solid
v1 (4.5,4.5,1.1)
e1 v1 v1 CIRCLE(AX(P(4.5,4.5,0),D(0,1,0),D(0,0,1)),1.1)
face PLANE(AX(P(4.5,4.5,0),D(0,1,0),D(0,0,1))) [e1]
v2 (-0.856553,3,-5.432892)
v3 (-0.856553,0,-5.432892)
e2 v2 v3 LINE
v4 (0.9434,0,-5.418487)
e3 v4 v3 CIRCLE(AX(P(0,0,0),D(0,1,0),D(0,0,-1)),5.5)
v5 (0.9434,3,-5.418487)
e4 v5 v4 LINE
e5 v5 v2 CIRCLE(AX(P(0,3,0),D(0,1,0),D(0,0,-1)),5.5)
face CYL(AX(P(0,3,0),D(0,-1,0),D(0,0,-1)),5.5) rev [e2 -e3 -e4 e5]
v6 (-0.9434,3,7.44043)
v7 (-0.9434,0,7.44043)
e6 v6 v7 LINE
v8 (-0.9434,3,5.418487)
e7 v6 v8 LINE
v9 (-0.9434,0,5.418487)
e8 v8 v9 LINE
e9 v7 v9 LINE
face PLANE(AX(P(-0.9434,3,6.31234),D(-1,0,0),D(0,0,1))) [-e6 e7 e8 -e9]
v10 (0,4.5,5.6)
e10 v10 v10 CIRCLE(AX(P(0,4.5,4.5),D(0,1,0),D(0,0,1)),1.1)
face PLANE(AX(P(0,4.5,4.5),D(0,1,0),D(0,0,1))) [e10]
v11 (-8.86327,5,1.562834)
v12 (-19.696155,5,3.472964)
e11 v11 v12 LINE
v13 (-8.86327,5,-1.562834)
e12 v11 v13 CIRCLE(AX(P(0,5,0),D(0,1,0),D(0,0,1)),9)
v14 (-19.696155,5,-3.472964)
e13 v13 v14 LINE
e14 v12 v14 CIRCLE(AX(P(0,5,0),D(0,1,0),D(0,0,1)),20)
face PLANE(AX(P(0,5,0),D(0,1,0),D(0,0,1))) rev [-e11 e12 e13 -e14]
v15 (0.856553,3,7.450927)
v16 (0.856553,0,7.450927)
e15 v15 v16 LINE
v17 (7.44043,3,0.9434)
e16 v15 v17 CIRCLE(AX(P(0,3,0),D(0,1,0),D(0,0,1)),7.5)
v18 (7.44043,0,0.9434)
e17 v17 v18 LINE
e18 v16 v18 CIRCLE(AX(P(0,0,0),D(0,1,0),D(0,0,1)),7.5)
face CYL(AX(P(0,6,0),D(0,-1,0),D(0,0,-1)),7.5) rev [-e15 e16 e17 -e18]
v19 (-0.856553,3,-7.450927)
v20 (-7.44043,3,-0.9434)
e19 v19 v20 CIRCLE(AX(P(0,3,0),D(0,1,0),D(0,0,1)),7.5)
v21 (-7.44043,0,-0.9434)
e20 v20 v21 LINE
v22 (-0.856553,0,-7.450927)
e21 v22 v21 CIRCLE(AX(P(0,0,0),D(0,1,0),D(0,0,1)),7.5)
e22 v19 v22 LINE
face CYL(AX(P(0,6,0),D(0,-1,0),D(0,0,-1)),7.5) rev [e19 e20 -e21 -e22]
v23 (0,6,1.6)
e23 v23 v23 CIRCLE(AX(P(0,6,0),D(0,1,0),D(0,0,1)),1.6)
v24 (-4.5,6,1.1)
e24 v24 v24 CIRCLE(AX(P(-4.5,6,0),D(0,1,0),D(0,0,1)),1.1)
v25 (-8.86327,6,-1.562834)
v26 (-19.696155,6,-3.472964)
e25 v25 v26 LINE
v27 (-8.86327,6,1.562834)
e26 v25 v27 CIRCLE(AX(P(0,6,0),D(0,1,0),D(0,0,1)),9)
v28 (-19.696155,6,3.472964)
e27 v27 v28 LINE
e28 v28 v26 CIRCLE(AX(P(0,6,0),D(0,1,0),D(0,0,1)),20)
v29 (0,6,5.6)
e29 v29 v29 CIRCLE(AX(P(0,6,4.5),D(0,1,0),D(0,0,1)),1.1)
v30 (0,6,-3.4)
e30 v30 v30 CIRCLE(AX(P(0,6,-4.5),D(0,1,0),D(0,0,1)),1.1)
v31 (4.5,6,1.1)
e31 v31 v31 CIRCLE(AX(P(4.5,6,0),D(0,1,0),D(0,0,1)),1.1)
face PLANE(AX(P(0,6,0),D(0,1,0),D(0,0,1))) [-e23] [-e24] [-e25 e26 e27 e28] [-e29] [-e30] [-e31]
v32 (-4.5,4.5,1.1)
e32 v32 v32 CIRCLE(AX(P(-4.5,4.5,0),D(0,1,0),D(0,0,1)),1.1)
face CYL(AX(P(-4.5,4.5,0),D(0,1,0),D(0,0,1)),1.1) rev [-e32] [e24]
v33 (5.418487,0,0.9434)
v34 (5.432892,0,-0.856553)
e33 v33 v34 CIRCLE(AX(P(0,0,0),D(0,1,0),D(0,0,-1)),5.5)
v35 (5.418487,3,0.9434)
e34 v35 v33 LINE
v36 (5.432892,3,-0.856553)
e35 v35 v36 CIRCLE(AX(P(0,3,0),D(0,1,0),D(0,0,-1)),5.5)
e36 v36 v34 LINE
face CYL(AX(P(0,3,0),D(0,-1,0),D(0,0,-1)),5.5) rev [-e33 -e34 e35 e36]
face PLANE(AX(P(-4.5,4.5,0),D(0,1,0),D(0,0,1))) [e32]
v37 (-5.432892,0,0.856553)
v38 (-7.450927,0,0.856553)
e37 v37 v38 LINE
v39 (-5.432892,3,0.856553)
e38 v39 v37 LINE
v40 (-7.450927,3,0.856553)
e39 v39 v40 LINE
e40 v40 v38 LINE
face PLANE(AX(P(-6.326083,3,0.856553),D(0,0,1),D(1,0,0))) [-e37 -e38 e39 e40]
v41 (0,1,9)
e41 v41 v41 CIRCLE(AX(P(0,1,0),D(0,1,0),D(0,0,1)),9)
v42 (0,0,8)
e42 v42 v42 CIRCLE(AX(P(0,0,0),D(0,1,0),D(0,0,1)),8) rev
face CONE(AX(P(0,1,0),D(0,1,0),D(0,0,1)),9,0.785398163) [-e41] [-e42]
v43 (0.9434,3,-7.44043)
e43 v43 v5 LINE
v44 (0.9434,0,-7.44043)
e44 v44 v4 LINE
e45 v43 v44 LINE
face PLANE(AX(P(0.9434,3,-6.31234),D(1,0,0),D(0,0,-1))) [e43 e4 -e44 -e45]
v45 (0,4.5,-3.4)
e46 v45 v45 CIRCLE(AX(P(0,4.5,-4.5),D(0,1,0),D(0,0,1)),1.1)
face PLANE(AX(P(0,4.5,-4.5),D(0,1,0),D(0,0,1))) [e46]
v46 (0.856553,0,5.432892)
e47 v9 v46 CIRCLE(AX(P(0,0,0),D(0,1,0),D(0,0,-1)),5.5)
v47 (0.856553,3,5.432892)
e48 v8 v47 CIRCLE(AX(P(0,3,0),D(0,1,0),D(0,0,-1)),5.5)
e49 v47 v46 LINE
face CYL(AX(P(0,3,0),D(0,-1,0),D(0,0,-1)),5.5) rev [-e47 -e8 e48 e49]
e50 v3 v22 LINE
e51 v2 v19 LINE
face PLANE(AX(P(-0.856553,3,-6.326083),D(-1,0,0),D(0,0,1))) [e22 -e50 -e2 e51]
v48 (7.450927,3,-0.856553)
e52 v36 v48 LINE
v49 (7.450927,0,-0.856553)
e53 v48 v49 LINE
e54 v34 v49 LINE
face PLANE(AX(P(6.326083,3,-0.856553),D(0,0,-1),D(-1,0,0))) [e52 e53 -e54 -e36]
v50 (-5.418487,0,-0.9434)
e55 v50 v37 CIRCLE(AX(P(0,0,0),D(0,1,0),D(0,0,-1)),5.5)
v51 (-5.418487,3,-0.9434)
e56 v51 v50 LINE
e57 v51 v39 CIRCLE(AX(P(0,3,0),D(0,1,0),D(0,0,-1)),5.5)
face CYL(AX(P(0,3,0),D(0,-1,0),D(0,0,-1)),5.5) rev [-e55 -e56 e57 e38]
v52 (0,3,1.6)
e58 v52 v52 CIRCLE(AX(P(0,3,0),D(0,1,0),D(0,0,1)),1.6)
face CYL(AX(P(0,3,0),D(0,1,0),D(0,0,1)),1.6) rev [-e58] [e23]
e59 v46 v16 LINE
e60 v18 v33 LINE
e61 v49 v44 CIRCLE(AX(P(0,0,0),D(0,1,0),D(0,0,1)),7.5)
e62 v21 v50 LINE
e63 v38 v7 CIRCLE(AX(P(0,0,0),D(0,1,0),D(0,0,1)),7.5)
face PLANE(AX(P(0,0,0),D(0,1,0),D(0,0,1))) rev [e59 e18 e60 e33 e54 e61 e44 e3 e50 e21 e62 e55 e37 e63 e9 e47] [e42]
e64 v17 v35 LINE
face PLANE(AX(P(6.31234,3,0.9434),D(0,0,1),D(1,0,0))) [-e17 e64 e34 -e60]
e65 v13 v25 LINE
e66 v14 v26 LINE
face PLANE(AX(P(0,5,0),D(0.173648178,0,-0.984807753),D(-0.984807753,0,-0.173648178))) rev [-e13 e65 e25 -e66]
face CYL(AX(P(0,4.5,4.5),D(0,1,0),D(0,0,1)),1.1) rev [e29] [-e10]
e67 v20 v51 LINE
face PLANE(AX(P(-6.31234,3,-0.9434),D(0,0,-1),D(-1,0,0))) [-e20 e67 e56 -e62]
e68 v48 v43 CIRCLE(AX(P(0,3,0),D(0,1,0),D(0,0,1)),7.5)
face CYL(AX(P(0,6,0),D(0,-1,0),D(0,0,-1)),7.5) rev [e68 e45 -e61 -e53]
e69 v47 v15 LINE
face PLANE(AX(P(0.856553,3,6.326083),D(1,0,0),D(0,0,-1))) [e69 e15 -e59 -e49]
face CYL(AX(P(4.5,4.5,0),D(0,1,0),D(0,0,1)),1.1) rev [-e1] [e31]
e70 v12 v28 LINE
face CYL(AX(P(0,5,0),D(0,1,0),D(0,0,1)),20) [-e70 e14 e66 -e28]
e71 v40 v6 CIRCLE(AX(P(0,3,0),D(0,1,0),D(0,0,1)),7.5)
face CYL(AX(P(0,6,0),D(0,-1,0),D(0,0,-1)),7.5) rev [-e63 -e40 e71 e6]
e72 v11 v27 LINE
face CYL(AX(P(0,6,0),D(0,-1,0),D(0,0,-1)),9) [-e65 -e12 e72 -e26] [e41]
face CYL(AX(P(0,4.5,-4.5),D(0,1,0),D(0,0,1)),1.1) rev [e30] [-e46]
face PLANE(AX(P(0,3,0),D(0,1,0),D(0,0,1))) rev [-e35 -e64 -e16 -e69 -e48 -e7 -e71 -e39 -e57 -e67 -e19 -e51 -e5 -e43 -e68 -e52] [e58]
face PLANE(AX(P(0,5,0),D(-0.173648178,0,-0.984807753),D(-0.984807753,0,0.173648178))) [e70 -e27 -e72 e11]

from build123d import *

# Parameters (mm, degrees)
SKETCH_1_R          = 9
SKETCH_1_R_2        = 7.5
EXTRUDE_1_DEPTH     = 6
EXTRUDE_START       = -1
EXTRUDE_2_DEPTH     = 1
EXTRUDE_3_DEPTH     = 3
EXTRUDE_START_2     = -3
SKETCH_5_R          = 7.5
EXTRUDE_4_DEPTH     = 3
SKETCH_6_R          = 1.6
CUT_EXTRUDE_1_DEPTH = 3
CHAMFER_1_SIZE      = 1
SKETCH_14_R         = 1.1
CUT_EXTRUDE_4_DEPTH = 1.5


with BuildPart() as part:
    # 草图1 → 凸台-拉伸1 (new body)
    with BuildSketch(Plane(origin=(0, 0, 0), x_dir=(1, 0, 0), z_dir=(0, 1, 0))):
        with Locations(Location((0, 0, 0), (0, 0, 270))):
            Circle(SKETCH_1_R)
        with Locations(Location((0, 0, 0), (0, 0, 270))):
            Circle(SKETCH_1_R_2, mode=Mode.SUBTRACT)
    extrude(amount=EXTRUDE_1_DEPTH)

    # 草图2 → 凸台-拉伸2 (add)
    with BuildSketch(Plane(origin=(0, 6, 0), x_dir=(1, 0, 0), z_dir=(0, 1, 0)).offset(EXTRUDE_START)):
        with BuildLine():
            Line((-19.69615506, 3.472963553), (-8.863269777, 1.562833599))
            ThreePointArc((-8.863269777, 1.562833599), (0.784401685, 8.965752283), (9, 0))
            ThreePointArc((9, 0), (0.784401685, -8.965752283), (-8.863269777, -1.562833599))
            Line((-8.863269777, -1.562833599), (-19.69615506, -3.472963553))
            ThreePointArc((-19.69615506, -3.472963553), (1.743114855, -19.923893962), (20, 0))
            ThreePointArc((20, 0), (1.743114855, 19.923893962), (-19.69615506, 3.472963553))
        make_face()
    extrude(amount=EXTRUDE_2_DEPTH)

    # 草图4 → 凸台-拉伸3 (add)
    with BuildSketch(Plane.XZ):
        with BuildLine():
            Line((0.856553191, 6.326082651), (0.856553191, 7.450927233))
            ThreePointArc((0.856553191, 7.450927233), (-0.043739259, 7.499872457), (-0.943399591, 7.440429908))
            Line((-0.943399591, 7.440429908), (-0.943399591, 6.312339741))
            Line((-0.943399591, 6.312339741), (-0.943399591, 5.418486616))
            ThreePointArc((-0.943399591, 5.418486616), (-0.044016518, 5.499823865), (0.856553191, 5.432892106))
            Line((0.856553191, 5.432892106), (0.856553191, 6.326082651))
        make_face()
        with BuildLine():
            Line((6.312339741, 0.943399591), (5.418486616, 0.943399591))
            ThreePointArc((5.418486616, 0.943399591), (5.499823865, 0.044016518), (5.432892106, -0.856553191))
            Line((5.432892106, -0.856553191), (6.326082651, -0.856553191))
            Line((6.326082651, -0.856553191), (7.450927233, -0.856553191))
            ThreePointArc((7.450927233, -0.856553191), (7.499872457, 0.043739259), (7.440429908, 0.943399591))
            Line((7.440429908, 0.943399591), (6.312339741, 0.943399591))
        make_face()
        with BuildLine():
            Line((0.943399591, -6.312339741), (0.943399591, -5.418486616))
            ThreePointArc((0.943399591, -5.418486616), (0.044016518, -5.499823865), (-0.856553191, -5.432892106))
            Line((-0.856553191, -5.432892106), (-0.856553191, -6.326082651))
            Line((-0.856553191, -6.326082651), (-0.856553191, -7.450927233))
            ThreePointArc((-0.856553191, -7.450927233), (0.043739259, -7.499872457), (0.943399591, -7.440429908))
            Line((0.943399591, -7.440429908), (0.943399591, -6.312339741))
        make_face()
        with BuildLine():
            Line((-6.312339741, -0.943399591), (-5.418486616, -0.943399591))
            ThreePointArc((-5.418486616, -0.943399591), (-5.499823865, -0.044016518), (-5.432892106, 0.856553191))
            Line((-5.432892106, 0.856553191), (-6.326082651, 0.856553191))
            Line((-6.326082651, 0.856553191), (-7.450927233, 0.856553191))
            ThreePointArc((-7.450927233, 0.856553191), (-7.499872457, -0.043739259), (-7.440429908, -0.943399591))
            Line((-7.440429908, -0.943399591), (-6.312339741, -0.943399591))
        make_face()
    extrude(amount=-EXTRUDE_3_DEPTH)

    # 草图5 → 凸台-拉伸4 (add)
    with BuildSketch(Plane(origin=(0, 6, 0), x_dir=(1, 0, 0), z_dir=(0, 1, 0)).offset(EXTRUDE_START_2)):
        Circle(SKETCH_5_R)
    extrude(amount=EXTRUDE_4_DEPTH)

    # 草图6 → 切除-拉伸1 (cut)
    with BuildSketch(Plane(origin=(0, 6, 0), x_dir=(1, 0, 0), z_dir=(0, 1, 0))):
        with Locations(Location((0, 0, 0), (0, 0, 270))):
            Circle(SKETCH_6_R)
    extrude(amount=-CUT_EXTRUDE_1_DEPTH, mode=Mode.SUBTRACT)

    # 倒角1
    chamfer_1_edges = [part.edges().sort_by_distance(p)[0] for p in [
        (0, 0, -9),
    ]]
    chamfer(chamfer_1_edges, length=CHAMFER_1_SIZE)

    # 草图14 → 切除-拉伸4 (cut)
    with BuildSketch(Plane(origin=(0, 6, 0), x_dir=(1, 0, 0), z_dir=(0, 1, 0))):
        with Locations(Location((0, 4.5, 0), (0, 0, 270))):
            Circle(SKETCH_14_R)
        with Locations(Location((4.5, 0, 0), (0, 0, 270))):
            Circle(SKETCH_14_R)
        with Locations(Location((0, -4.5, 0), (0, 0, 270))):
            Circle(SKETCH_14_R)
        with Locations(Location((-4.5, 0, 0), (0, 0, 270))):
            Circle(SKETCH_14_R)
    extrude(amount=-CUT_EXTRUDE_4_DEPTH, mode=Mode.SUBTRACT)


solid = part.part
